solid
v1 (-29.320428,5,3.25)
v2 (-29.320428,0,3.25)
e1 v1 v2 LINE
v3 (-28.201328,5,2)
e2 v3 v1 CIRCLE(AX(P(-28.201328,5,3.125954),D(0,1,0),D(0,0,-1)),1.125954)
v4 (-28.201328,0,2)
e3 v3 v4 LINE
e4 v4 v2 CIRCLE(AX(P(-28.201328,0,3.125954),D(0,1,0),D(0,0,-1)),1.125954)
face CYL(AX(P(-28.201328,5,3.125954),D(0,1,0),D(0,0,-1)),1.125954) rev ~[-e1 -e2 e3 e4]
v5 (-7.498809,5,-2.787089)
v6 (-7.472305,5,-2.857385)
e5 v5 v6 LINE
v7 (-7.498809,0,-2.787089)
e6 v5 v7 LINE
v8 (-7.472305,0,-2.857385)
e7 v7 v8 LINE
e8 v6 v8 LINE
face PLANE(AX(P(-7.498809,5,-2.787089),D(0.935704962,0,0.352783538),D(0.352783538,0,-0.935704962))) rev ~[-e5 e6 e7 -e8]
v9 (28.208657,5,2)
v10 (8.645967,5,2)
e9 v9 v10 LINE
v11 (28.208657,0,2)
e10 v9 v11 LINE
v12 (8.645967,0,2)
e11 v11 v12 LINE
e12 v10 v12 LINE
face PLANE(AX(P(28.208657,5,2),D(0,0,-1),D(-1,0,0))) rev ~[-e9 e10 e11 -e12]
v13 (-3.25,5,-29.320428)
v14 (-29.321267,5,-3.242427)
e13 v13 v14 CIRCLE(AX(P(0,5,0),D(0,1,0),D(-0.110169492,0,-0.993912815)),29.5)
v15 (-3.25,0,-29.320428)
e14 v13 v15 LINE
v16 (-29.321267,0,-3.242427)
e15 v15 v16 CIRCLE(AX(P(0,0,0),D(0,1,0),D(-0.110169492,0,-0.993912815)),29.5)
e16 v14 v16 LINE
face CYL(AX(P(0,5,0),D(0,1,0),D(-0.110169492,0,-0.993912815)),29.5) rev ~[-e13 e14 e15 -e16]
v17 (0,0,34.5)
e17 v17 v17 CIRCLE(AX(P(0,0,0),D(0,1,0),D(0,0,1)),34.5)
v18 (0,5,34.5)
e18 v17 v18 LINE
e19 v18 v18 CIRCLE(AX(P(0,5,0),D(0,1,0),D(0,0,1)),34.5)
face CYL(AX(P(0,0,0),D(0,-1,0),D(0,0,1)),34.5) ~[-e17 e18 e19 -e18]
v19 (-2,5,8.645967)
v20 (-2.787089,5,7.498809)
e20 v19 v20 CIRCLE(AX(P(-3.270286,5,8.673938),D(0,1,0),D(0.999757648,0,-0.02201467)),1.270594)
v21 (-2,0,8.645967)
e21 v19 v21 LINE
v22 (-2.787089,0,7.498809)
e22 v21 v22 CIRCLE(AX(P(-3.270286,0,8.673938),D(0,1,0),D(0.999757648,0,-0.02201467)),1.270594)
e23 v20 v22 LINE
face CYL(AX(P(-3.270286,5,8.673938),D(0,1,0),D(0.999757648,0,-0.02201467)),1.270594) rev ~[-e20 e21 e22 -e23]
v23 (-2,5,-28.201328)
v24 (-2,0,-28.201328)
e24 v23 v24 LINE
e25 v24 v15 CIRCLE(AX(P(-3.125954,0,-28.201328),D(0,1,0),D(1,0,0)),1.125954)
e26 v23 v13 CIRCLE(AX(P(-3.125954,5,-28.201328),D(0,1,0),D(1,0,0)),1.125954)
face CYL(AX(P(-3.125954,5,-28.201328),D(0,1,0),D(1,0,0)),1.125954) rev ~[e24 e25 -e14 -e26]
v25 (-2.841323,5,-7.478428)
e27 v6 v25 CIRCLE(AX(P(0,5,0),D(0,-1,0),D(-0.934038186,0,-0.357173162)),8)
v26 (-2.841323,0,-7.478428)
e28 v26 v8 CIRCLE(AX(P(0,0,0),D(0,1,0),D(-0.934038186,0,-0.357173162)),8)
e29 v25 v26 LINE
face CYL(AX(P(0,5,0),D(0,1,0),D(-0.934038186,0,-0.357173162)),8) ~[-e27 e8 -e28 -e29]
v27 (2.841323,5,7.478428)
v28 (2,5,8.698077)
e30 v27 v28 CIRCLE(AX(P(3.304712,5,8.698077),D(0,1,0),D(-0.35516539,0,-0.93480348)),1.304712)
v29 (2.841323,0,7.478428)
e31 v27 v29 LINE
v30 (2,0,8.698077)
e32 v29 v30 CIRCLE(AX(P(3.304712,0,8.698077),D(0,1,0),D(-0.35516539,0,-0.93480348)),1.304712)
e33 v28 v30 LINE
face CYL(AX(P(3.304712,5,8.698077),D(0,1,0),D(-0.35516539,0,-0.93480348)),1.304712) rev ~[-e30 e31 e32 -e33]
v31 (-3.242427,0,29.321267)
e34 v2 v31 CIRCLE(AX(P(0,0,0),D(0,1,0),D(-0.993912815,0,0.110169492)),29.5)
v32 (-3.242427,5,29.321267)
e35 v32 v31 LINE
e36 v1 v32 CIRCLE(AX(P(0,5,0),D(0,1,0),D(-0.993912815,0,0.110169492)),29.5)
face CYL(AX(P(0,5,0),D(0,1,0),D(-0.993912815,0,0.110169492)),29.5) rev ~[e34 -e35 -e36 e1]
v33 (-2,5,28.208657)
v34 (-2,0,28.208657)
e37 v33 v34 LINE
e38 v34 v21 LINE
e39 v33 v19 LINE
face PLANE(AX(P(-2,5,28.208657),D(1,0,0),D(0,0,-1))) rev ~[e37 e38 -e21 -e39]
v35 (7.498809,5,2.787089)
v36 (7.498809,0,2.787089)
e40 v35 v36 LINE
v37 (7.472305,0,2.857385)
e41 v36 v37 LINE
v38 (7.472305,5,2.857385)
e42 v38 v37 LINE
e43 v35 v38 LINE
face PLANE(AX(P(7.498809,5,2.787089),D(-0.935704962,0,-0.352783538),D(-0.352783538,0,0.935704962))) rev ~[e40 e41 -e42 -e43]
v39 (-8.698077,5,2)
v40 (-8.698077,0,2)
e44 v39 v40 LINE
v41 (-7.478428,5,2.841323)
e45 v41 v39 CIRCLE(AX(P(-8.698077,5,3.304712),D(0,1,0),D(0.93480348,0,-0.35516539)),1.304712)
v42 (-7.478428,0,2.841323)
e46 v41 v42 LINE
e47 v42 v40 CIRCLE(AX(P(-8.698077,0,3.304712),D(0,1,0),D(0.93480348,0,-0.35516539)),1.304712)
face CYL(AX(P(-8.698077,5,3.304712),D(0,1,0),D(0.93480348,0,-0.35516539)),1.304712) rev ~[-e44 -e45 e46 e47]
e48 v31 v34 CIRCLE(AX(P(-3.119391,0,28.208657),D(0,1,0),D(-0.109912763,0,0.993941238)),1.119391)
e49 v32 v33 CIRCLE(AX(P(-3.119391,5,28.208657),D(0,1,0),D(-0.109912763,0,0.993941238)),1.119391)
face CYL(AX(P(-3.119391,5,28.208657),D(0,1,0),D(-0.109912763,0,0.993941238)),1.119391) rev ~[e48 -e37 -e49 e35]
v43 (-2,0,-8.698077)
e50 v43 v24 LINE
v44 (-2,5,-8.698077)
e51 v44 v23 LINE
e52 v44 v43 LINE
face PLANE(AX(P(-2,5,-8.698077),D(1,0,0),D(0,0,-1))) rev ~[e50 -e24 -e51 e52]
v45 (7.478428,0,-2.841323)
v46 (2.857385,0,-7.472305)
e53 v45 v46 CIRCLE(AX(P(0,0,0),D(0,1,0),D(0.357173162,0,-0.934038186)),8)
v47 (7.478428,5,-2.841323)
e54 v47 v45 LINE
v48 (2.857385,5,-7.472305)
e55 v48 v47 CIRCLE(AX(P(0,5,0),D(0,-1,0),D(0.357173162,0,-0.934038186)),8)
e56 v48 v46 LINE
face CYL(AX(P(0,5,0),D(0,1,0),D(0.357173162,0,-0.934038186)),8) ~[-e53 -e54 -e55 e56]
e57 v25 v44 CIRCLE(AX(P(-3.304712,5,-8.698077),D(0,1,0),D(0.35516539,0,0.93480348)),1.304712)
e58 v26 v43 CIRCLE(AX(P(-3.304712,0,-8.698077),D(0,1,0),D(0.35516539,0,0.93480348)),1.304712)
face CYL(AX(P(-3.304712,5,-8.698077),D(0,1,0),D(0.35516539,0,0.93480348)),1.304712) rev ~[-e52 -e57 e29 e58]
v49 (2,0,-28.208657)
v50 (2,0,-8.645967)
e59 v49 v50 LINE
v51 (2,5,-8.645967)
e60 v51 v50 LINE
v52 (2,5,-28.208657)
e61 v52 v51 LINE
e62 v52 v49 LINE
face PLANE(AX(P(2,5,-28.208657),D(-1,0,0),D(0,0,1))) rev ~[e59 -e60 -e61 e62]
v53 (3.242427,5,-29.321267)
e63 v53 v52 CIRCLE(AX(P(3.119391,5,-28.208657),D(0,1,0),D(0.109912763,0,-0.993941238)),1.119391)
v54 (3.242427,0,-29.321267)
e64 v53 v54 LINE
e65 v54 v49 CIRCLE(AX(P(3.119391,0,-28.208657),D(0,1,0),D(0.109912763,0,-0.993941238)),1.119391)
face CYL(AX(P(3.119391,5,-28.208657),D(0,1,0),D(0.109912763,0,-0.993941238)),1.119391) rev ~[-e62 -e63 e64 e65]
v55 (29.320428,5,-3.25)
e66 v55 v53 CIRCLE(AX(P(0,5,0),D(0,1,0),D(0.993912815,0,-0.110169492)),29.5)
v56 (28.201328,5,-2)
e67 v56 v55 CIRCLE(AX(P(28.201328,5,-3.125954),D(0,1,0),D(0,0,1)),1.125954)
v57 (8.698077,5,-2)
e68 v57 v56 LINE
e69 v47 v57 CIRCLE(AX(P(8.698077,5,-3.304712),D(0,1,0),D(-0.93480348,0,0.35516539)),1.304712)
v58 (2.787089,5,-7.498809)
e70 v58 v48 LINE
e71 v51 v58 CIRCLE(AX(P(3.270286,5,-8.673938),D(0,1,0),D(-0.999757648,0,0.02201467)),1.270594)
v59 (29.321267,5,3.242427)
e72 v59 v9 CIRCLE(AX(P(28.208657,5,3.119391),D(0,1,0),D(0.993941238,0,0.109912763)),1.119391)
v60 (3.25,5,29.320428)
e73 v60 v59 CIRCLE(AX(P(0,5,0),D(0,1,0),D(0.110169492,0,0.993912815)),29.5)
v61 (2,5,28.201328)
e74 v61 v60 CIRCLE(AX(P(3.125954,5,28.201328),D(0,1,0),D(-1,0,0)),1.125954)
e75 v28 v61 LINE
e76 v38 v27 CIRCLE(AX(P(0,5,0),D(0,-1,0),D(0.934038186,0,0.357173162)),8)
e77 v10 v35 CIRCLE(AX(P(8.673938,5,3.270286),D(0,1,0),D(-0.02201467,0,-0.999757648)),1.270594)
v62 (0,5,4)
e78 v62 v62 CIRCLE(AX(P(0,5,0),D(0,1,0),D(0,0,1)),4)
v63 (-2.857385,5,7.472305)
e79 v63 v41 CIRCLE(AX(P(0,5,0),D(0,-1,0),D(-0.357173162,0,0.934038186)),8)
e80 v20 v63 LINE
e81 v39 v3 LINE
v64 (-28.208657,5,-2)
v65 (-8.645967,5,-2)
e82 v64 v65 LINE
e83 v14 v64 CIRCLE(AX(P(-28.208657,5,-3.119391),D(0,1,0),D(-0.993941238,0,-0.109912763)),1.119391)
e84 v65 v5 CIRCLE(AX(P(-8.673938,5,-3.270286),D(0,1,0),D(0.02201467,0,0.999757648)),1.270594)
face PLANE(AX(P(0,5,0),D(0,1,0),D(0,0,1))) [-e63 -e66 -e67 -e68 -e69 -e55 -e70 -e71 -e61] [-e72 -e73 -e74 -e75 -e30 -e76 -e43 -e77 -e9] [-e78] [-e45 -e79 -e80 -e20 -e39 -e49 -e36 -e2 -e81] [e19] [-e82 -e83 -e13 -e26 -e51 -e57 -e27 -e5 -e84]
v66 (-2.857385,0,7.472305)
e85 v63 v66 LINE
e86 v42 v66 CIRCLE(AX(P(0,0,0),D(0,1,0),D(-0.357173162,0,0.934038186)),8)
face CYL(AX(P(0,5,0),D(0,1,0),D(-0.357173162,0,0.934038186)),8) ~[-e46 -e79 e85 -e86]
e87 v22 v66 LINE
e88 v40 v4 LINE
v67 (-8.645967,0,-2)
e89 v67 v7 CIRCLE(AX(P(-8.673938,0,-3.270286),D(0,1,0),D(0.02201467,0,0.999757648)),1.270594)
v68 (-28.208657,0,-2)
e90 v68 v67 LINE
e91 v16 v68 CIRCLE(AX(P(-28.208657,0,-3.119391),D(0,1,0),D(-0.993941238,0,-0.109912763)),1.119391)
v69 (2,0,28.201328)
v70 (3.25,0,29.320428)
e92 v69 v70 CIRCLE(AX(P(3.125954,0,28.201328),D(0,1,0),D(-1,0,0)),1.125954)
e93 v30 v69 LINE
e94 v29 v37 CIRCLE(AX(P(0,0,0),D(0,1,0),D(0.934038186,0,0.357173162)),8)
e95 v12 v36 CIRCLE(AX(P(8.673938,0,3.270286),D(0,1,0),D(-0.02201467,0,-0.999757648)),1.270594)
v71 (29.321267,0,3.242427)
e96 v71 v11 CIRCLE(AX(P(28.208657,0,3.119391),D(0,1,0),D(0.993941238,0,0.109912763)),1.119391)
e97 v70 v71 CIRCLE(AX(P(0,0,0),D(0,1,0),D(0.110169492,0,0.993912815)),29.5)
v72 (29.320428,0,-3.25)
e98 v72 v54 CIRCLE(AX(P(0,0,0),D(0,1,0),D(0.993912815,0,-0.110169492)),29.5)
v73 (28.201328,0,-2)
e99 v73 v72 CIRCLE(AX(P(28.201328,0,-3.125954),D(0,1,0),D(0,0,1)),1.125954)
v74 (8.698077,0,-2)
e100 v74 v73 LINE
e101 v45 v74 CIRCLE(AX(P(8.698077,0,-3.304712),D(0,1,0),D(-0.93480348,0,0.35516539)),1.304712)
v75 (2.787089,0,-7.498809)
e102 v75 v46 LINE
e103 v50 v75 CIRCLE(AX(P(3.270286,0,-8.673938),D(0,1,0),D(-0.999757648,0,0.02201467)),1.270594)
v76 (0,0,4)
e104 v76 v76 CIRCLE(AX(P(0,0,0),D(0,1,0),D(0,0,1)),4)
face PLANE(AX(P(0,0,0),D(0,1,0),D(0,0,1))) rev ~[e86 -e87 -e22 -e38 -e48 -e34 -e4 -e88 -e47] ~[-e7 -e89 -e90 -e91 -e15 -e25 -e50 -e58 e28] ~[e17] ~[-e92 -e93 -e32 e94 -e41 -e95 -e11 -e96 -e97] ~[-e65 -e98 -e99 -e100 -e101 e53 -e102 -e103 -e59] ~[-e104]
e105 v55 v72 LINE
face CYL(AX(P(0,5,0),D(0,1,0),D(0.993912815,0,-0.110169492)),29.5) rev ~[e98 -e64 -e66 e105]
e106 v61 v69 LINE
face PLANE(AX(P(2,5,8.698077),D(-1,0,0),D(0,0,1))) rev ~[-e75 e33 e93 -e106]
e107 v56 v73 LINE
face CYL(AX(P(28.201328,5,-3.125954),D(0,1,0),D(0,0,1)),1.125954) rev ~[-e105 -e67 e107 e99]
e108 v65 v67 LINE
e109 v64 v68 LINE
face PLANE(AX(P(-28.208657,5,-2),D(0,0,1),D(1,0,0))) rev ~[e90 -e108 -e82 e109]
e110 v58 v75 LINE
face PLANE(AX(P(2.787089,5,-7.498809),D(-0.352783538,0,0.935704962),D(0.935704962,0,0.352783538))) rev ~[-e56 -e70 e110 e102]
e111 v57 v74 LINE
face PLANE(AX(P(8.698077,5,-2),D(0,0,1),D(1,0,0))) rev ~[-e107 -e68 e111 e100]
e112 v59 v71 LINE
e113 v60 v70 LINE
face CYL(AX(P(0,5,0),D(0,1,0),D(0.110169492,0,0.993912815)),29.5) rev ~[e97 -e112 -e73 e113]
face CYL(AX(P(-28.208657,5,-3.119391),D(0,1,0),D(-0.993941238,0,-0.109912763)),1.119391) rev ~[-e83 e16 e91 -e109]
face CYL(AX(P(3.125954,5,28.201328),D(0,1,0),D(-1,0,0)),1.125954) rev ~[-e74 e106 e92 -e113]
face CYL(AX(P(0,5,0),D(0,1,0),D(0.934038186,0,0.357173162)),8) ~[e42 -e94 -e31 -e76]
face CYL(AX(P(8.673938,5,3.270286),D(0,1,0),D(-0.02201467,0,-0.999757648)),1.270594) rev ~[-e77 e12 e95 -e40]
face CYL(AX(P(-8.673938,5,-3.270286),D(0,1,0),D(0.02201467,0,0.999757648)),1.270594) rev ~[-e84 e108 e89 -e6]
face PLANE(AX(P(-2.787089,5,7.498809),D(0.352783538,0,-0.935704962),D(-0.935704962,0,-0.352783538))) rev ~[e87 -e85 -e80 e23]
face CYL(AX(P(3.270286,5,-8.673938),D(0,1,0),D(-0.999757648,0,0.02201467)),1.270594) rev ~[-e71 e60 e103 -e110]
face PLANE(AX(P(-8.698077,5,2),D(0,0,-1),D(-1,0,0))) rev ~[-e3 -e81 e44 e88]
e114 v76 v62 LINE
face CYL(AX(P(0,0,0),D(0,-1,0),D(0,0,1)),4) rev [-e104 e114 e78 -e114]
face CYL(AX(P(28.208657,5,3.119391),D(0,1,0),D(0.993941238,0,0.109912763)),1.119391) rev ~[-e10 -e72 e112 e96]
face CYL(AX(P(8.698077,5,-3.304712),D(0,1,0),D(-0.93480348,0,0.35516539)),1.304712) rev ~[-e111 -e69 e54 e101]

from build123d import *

# Parameters (mm, degrees)
SKETCH1_R           = 34.5
SKETCH1_R_2         = 4
BOSS_EXTRUDE1_DEPTH = 5
CUT_EXTRUDE2_DEPTH  = 50.045896872
CIRPATTERN1_COUNT   = 4


with BuildPart() as part:
    # Sketch1 → Boss-Extrude1 (new body)
    with BuildSketch(Plane(origin=(0, 0, 0), x_dir=(1, 0, 0), z_dir=(0, 1, 0))):
        with Locations(Location((0, 0, 0), (0, 0, 270))):
            Circle(SKETCH1_R)
        with Locations(Location((0, 0, 0), (0, 0, 270))):
            Circle(SKETCH1_R_2, mode=Mode.SUBTRACT)
    extrude(amount=BOSS_EXTRUDE1_DEPTH)

    # Sketch8 → Cut-Extrude2 (cut, through all)
    with BuildSketch(Plane(origin=(0, 5, 0), x_dir=(1, 0, 0), z_dir=(0, 1, 0))):
        with BuildLine():
            Line((-8.698076686, -2), (-28.201327726, -2))
            ThreePointArc((-28.201327726, -2), (-29.040208751, -2.374920589), (-29.320428032, -3.25))
            ThreePointArc((-29.320428032, -3.25), (-20.856955891, -20.862343851), (-3.242426547, -29.321266516))
            ThreePointArc((-3.242426547, -29.321266516), (-2.372627527, -29.04255234), (-2, -28.208657471))
            Line((-2, -28.208657471), (-2, -8.645966692))
            ThreePointArc((-2, -8.645966692), (-2.222589282, -7.955091785), (-2.787089084, -7.498808868))
            Line((-2.787089084, -7.498808868), (-2.857385295, -7.472305486))
            ThreePointArc((-2.857385295, -7.472305486), (-5.662928364, -5.650773606), (-7.478427834, -2.841323131))
            ThreePointArc((-7.478427834, -2.841323131), (-7.957237983, -2.230732861), (-8.698076686, -2))
        make_face()
    cut_extrude2 = extrude(amount=-CUT_EXTRUDE2_DEPTH, mode=Mode.SUBTRACT)

    # CirPattern1: Cut-Extrude2 ×4 about axis
    cirpattern1_axis = Axis((0, 0, 0), (0, 1, 0))
    for i in range(1, CIRPATTERN1_COUNT):
        add(cut_extrude2.rotate(cirpattern1_axis, i * 360 / CIRPATTERN1_COUNT), mode=Mode.SUBTRACT)


solid = part.part
